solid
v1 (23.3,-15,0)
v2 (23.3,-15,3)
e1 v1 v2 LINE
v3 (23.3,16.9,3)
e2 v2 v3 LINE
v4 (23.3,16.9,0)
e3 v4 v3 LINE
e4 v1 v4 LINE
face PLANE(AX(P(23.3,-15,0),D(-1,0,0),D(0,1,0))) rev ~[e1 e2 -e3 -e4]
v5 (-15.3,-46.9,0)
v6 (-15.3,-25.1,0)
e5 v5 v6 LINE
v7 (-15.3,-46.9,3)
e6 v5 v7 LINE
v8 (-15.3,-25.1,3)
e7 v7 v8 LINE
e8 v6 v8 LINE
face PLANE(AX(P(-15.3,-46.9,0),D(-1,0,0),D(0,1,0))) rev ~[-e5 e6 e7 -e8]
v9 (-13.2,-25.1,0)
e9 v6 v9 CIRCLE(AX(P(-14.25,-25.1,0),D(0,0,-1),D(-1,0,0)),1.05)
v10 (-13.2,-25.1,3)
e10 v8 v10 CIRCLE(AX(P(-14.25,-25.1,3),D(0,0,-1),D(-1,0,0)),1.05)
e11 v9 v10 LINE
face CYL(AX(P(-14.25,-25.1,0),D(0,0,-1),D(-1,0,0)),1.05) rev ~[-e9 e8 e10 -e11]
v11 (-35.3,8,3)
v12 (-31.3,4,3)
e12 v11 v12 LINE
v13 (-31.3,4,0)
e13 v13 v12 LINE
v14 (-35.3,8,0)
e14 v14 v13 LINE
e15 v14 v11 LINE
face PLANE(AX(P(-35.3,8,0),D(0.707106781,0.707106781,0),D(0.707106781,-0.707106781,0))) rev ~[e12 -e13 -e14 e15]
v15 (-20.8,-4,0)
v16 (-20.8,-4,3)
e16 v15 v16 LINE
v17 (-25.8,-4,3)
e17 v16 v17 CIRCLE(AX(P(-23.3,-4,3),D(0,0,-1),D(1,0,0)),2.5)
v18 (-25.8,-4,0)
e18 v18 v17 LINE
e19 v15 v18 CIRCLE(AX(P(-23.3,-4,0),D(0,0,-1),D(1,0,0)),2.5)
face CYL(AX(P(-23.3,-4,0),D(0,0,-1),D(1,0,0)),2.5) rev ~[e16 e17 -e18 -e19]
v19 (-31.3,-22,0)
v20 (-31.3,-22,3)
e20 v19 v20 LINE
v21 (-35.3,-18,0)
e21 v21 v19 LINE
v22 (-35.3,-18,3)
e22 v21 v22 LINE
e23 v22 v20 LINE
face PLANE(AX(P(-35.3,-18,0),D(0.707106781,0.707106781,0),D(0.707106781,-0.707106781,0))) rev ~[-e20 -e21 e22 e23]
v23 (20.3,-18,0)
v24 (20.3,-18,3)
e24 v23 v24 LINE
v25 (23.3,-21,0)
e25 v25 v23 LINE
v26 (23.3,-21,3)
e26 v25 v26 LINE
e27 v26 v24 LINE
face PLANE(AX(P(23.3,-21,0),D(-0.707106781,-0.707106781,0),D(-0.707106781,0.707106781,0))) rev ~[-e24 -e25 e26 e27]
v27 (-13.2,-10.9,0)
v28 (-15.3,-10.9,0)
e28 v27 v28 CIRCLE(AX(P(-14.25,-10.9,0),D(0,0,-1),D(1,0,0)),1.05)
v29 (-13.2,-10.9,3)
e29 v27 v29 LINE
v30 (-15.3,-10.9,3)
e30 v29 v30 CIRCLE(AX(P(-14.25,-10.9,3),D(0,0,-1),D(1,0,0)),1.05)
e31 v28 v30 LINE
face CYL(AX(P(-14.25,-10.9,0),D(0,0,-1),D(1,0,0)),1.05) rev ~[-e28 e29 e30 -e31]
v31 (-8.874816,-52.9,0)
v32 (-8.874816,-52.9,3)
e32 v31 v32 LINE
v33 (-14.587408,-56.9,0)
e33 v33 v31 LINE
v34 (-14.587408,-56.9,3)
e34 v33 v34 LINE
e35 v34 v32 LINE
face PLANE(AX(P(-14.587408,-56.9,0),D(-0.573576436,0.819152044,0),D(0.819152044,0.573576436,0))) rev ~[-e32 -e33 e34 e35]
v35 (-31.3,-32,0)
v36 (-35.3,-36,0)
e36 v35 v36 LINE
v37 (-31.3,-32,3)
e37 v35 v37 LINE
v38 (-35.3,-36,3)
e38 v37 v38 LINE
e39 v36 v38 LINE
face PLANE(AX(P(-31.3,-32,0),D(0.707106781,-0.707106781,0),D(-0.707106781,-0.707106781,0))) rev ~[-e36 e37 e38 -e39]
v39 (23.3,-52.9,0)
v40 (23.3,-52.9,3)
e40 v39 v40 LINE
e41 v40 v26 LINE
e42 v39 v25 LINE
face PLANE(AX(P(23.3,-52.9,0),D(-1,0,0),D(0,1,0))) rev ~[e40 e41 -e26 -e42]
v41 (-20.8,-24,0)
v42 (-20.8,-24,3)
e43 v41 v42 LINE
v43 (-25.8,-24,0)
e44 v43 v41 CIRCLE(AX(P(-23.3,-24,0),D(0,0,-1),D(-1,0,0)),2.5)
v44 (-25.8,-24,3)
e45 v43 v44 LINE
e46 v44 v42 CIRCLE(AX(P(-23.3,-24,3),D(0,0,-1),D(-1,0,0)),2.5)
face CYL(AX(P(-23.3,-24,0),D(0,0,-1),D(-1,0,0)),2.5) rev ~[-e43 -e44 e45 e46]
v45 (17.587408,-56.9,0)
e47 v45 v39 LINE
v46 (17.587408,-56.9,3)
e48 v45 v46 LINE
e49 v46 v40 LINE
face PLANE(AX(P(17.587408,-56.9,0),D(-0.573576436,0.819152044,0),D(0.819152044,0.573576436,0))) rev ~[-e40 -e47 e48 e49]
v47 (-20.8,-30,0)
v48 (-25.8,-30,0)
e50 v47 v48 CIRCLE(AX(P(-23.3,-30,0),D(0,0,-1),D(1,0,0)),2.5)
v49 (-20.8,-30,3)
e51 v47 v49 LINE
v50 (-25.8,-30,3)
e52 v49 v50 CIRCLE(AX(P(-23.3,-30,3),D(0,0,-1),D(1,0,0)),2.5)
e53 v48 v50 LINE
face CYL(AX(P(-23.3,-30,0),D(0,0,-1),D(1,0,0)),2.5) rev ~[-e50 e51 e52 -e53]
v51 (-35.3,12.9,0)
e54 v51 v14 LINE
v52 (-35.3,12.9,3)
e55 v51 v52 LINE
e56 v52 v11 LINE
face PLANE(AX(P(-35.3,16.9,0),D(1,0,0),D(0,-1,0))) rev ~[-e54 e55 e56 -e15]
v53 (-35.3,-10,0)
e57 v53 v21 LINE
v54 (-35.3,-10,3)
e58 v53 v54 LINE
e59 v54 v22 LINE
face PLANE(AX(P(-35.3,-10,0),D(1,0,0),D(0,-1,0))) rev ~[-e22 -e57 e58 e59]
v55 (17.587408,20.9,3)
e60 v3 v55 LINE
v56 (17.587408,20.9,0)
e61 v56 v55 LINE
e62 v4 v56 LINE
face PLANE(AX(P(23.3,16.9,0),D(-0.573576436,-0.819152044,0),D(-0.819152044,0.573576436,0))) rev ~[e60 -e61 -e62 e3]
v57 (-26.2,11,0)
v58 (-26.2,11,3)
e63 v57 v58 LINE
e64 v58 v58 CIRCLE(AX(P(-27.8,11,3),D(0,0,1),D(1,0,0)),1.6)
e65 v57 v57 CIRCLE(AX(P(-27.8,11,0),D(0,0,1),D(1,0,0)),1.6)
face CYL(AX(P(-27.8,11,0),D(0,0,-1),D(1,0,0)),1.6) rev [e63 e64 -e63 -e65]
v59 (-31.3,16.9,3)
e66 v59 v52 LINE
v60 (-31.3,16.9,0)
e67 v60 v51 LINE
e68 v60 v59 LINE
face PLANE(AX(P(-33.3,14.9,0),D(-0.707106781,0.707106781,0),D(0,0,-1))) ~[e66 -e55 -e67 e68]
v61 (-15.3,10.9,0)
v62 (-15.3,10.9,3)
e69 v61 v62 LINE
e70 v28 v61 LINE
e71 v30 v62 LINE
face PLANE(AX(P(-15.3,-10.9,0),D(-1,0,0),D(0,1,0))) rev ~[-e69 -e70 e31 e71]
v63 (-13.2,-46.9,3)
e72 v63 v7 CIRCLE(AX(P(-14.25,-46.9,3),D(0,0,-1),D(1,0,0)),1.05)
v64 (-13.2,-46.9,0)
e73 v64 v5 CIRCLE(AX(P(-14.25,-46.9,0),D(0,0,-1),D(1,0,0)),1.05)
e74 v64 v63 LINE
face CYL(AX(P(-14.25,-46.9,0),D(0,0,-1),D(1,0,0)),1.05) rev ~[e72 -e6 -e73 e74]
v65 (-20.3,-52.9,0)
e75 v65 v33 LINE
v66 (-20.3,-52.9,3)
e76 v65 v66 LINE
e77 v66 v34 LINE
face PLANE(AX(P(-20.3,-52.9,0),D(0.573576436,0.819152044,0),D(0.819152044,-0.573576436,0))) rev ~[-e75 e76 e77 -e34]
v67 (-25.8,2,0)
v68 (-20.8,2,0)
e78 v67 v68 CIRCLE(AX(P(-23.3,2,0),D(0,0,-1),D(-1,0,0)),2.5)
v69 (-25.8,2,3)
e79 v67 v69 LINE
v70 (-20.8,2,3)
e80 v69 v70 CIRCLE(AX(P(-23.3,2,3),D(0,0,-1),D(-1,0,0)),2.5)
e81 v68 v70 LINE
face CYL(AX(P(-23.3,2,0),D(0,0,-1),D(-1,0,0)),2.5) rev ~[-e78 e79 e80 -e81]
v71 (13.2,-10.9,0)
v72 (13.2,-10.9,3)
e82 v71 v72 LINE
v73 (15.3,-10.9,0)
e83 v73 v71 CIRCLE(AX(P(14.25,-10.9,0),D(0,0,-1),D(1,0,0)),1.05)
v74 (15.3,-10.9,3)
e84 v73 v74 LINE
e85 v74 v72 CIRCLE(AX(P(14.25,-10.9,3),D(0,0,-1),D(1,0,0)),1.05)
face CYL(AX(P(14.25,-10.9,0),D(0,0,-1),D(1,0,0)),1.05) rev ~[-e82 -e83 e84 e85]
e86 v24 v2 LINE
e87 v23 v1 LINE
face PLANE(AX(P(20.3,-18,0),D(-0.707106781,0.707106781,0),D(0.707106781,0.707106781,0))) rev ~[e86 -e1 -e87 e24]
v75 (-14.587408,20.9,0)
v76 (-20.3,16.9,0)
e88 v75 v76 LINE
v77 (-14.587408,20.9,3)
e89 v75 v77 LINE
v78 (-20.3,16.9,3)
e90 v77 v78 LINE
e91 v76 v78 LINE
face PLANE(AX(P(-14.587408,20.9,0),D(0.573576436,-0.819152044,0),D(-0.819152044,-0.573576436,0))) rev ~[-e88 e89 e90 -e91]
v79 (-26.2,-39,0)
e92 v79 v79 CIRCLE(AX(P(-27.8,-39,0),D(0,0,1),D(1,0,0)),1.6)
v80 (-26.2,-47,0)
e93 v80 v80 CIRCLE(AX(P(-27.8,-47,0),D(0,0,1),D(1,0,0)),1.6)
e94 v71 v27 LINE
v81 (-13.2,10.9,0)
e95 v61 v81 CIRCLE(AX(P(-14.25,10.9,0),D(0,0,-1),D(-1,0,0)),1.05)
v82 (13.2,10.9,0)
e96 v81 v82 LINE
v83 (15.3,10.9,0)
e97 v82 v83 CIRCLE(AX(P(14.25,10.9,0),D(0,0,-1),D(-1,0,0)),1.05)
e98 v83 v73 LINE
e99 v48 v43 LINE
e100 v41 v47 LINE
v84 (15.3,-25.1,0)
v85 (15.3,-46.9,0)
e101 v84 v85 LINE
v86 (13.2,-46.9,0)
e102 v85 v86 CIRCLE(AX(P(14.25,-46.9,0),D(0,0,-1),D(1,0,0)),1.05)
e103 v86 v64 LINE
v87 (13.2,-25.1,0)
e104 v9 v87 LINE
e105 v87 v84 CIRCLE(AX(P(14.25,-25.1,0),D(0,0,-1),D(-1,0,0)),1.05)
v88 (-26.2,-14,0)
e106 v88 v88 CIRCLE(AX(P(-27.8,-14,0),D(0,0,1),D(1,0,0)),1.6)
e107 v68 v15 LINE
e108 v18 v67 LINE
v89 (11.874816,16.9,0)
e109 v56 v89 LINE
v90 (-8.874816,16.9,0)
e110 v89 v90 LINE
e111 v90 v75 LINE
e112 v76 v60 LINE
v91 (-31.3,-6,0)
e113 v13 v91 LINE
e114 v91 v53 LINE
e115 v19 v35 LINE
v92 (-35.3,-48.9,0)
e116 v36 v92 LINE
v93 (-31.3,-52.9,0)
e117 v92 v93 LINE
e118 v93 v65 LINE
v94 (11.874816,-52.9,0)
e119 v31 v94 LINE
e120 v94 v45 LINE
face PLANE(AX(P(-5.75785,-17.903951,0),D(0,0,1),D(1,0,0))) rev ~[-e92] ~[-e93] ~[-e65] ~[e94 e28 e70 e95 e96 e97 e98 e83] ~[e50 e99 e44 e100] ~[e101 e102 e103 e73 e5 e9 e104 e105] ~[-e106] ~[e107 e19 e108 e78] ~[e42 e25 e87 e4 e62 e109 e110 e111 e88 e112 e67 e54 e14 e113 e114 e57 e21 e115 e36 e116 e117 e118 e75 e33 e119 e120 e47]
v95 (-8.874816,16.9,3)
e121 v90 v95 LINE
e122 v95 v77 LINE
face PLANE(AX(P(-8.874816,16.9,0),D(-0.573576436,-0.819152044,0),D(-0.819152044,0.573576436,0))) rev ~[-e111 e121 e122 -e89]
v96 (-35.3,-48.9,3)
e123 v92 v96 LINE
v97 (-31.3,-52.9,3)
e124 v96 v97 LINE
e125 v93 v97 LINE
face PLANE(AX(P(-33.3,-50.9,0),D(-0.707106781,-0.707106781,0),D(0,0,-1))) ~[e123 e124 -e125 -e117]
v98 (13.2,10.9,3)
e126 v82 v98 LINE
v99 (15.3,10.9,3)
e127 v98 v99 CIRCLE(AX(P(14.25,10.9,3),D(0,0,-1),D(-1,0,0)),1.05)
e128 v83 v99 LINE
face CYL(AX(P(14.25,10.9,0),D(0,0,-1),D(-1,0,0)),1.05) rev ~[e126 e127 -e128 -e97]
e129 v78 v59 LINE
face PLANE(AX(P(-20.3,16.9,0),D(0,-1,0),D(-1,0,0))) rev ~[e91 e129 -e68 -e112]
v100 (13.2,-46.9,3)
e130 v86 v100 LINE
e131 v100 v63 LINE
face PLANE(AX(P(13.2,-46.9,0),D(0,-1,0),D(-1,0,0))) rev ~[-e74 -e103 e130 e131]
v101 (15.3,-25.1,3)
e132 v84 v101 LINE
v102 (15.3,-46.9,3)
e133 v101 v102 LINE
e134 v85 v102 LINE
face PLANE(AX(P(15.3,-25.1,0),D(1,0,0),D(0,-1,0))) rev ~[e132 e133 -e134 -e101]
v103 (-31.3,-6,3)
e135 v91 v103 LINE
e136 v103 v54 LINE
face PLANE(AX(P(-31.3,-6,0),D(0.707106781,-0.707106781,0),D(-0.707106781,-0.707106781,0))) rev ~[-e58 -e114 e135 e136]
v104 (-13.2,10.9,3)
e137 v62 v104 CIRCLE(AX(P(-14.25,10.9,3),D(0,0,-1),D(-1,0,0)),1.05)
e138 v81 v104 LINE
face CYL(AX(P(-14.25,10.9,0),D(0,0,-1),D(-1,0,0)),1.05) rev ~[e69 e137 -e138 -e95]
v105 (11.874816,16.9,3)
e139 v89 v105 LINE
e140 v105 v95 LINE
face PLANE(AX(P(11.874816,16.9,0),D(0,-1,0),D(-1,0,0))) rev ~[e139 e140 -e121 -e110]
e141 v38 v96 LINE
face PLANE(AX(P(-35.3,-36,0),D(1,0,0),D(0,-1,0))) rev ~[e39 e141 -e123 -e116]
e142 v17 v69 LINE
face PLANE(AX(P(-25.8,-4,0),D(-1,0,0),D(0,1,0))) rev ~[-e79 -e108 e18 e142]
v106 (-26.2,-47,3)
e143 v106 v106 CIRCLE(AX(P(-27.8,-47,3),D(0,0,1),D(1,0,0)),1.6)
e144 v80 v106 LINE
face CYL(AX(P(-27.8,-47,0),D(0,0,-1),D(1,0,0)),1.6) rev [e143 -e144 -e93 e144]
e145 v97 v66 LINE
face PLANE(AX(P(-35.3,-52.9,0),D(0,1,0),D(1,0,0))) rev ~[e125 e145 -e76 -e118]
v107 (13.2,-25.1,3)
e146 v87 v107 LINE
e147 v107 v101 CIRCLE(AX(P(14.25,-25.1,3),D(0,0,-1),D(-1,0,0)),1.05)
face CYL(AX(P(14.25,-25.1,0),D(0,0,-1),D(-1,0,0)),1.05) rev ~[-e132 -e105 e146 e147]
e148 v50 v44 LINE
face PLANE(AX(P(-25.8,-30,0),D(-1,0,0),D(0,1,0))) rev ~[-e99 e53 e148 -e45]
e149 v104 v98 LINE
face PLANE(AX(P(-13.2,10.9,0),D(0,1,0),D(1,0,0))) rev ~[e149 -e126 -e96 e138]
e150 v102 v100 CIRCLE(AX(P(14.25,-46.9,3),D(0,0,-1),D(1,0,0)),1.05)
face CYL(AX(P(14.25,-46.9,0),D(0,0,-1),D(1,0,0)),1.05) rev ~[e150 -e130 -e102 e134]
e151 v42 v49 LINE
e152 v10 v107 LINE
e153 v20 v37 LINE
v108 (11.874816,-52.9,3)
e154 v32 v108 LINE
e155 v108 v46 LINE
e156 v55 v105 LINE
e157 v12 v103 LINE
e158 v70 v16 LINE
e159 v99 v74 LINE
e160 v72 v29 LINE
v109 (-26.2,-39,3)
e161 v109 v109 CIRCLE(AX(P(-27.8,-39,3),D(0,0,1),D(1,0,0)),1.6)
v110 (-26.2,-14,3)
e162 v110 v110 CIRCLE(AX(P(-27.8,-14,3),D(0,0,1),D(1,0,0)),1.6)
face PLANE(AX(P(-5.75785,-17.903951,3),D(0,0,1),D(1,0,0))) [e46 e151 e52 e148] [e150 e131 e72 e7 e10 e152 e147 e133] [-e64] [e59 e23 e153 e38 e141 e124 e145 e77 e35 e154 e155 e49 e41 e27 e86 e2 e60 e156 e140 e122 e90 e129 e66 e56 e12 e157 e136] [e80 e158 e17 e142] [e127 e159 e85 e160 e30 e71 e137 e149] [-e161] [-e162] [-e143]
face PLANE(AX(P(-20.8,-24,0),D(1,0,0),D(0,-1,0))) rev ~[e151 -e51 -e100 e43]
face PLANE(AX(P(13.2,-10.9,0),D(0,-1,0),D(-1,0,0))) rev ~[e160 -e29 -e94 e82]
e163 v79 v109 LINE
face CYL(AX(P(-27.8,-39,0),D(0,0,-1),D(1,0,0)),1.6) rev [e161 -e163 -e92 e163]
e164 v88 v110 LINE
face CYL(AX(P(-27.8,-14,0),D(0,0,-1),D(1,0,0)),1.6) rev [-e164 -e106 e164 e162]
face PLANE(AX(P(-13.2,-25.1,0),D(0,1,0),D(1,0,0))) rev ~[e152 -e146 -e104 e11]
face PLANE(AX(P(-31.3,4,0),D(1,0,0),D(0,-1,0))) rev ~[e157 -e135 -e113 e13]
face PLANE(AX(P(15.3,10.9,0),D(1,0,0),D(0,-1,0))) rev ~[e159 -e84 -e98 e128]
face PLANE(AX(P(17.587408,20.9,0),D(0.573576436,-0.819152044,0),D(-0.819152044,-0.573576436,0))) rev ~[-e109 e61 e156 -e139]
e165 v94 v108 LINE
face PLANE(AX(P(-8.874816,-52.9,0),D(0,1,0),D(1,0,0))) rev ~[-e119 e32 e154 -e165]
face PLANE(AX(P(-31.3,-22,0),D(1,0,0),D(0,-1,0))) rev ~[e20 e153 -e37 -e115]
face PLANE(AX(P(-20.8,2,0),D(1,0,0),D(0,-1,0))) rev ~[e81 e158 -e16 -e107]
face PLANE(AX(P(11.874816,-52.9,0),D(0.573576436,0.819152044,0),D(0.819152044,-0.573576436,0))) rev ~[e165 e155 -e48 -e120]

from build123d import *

# Parameters (mm, degrees)
SKETCH_1_R      = 1.6
EXTRUDE_1_DEPTH = 3
CHAMFER_1_SIZE  = 4


with BuildPart() as part:
    # 草图1 → 凸台-拉伸1 (new body)
    with BuildSketch(Plane.XY):
        Polygon((-20.3, 16.9), (-35.3, 16.9), (-35.3, 8), (-31.3, 4), (-31.3, -6), (-35.3, -10), (-35.3, -18), (-31.3, -22), (-31.3, -32), (-35.3, -36), (-35.3, -52.9), (-20.3, -52.9), (-14.587407973, -56.9), (-8.874815946, -52.9), (11.874815946, -52.9), (17.587407973, -56.9), (23.3, -52.9), (23.3, -21), (20.3, -18), (23.3, -15), (23.3, 16.9), (17.587407973, 20.9), (11.874815946, 16.9), (-8.874815946, 16.9), (-14.587407973, 20.9), align=None)
        with Locations((-27.8, -47)):
            Circle(SKETCH_1_R, mode=Mode.SUBTRACT)
        with Locations((-27.8, -39)):
            Circle(SKETCH_1_R, mode=Mode.SUBTRACT)
        with BuildLine():
            ThreePointArc((-20.8, -30), (-23.3, -32.5), (-25.8, -30))
            Line((-25.8, -30), (-25.8, -24))
            ThreePointArc((-25.8, -24), (-23.3, -21.5), (-20.8, -24))
            Line((-20.8, -24), (-20.8, -30))
        make_face(mode=Mode.SUBTRACT)
        with BuildLine():
            Line((13.2, -46.9), (-13.2, -46.9))
            ThreePointArc((-13.2, -46.9), (-14.25, -47.95), (-15.3, -46.9))
            Line((-15.3, -46.9), (-15.3, -25.1))
            ThreePointArc((-15.3, -25.1), (-14.25, -24.05), (-13.2, -25.1))
            Line((-13.2, -25.1), (13.2, -25.1))
            ThreePointArc((13.2, -25.1), (14.25, -24.05), (15.3, -25.1))
            Line((15.3, -25.1), (15.3, -46.9))
            ThreePointArc((15.3, -46.9), (14.25, -47.95), (13.2, -46.9))
        make_face(mode=Mode.SUBTRACT)
        with Locations((-27.8, -14)):
            Circle(SKETCH_1_R, mode=Mode.SUBTRACT)
        with BuildLine():
            Line((-25.8, -4), (-25.8, 2))
            ThreePointArc((-25.8, 2), (-23.3, 4.5), (-20.8, 2))
            Line((-20.8, 2), (-20.8, -4))
            ThreePointArc((-20.8, -4), (-23.3, -6.5), (-25.8, -4))
        make_face(mode=Mode.SUBTRACT)
        with Locations((-27.8, 11)):
            Circle(SKETCH_1_R, mode=Mode.SUBTRACT)
        with BuildLine():
            Line((13.2, -10.9), (-13.2, -10.9))
            ThreePointArc((-13.2, -10.9), (-14.25, -11.95), (-15.3, -10.9))
            Line((-15.3, -10.9), (-15.3, 10.9))
            ThreePointArc((-15.3, 10.9), (-14.25, 11.95), (-13.2, 10.9))
            Line((-13.2, 10.9), (13.2, 10.9))
            ThreePointArc((13.2, 10.9), (14.25, 11.95), (15.3, 10.9))
            Line((15.3, 10.9), (15.3, -10.9))
            ThreePointArc((15.3, -10.9), (14.25, -11.95), (13.2, -10.9))
        make_face(mode=Mode.SUBTRACT)
    extrude(amount=EXTRUDE_1_DEPTH)

    # 倒角1
    chamfer_1_edges = [part.edges().sort_by_distance(p)[0] for p in [
        (-35.3, 16.9, 1.5),
        (-35.3, -52.9, 1.5),
    ]]
    chamfer(chamfer_1_edges, length=CHAMFER_1_SIZE)


solid = part.part
